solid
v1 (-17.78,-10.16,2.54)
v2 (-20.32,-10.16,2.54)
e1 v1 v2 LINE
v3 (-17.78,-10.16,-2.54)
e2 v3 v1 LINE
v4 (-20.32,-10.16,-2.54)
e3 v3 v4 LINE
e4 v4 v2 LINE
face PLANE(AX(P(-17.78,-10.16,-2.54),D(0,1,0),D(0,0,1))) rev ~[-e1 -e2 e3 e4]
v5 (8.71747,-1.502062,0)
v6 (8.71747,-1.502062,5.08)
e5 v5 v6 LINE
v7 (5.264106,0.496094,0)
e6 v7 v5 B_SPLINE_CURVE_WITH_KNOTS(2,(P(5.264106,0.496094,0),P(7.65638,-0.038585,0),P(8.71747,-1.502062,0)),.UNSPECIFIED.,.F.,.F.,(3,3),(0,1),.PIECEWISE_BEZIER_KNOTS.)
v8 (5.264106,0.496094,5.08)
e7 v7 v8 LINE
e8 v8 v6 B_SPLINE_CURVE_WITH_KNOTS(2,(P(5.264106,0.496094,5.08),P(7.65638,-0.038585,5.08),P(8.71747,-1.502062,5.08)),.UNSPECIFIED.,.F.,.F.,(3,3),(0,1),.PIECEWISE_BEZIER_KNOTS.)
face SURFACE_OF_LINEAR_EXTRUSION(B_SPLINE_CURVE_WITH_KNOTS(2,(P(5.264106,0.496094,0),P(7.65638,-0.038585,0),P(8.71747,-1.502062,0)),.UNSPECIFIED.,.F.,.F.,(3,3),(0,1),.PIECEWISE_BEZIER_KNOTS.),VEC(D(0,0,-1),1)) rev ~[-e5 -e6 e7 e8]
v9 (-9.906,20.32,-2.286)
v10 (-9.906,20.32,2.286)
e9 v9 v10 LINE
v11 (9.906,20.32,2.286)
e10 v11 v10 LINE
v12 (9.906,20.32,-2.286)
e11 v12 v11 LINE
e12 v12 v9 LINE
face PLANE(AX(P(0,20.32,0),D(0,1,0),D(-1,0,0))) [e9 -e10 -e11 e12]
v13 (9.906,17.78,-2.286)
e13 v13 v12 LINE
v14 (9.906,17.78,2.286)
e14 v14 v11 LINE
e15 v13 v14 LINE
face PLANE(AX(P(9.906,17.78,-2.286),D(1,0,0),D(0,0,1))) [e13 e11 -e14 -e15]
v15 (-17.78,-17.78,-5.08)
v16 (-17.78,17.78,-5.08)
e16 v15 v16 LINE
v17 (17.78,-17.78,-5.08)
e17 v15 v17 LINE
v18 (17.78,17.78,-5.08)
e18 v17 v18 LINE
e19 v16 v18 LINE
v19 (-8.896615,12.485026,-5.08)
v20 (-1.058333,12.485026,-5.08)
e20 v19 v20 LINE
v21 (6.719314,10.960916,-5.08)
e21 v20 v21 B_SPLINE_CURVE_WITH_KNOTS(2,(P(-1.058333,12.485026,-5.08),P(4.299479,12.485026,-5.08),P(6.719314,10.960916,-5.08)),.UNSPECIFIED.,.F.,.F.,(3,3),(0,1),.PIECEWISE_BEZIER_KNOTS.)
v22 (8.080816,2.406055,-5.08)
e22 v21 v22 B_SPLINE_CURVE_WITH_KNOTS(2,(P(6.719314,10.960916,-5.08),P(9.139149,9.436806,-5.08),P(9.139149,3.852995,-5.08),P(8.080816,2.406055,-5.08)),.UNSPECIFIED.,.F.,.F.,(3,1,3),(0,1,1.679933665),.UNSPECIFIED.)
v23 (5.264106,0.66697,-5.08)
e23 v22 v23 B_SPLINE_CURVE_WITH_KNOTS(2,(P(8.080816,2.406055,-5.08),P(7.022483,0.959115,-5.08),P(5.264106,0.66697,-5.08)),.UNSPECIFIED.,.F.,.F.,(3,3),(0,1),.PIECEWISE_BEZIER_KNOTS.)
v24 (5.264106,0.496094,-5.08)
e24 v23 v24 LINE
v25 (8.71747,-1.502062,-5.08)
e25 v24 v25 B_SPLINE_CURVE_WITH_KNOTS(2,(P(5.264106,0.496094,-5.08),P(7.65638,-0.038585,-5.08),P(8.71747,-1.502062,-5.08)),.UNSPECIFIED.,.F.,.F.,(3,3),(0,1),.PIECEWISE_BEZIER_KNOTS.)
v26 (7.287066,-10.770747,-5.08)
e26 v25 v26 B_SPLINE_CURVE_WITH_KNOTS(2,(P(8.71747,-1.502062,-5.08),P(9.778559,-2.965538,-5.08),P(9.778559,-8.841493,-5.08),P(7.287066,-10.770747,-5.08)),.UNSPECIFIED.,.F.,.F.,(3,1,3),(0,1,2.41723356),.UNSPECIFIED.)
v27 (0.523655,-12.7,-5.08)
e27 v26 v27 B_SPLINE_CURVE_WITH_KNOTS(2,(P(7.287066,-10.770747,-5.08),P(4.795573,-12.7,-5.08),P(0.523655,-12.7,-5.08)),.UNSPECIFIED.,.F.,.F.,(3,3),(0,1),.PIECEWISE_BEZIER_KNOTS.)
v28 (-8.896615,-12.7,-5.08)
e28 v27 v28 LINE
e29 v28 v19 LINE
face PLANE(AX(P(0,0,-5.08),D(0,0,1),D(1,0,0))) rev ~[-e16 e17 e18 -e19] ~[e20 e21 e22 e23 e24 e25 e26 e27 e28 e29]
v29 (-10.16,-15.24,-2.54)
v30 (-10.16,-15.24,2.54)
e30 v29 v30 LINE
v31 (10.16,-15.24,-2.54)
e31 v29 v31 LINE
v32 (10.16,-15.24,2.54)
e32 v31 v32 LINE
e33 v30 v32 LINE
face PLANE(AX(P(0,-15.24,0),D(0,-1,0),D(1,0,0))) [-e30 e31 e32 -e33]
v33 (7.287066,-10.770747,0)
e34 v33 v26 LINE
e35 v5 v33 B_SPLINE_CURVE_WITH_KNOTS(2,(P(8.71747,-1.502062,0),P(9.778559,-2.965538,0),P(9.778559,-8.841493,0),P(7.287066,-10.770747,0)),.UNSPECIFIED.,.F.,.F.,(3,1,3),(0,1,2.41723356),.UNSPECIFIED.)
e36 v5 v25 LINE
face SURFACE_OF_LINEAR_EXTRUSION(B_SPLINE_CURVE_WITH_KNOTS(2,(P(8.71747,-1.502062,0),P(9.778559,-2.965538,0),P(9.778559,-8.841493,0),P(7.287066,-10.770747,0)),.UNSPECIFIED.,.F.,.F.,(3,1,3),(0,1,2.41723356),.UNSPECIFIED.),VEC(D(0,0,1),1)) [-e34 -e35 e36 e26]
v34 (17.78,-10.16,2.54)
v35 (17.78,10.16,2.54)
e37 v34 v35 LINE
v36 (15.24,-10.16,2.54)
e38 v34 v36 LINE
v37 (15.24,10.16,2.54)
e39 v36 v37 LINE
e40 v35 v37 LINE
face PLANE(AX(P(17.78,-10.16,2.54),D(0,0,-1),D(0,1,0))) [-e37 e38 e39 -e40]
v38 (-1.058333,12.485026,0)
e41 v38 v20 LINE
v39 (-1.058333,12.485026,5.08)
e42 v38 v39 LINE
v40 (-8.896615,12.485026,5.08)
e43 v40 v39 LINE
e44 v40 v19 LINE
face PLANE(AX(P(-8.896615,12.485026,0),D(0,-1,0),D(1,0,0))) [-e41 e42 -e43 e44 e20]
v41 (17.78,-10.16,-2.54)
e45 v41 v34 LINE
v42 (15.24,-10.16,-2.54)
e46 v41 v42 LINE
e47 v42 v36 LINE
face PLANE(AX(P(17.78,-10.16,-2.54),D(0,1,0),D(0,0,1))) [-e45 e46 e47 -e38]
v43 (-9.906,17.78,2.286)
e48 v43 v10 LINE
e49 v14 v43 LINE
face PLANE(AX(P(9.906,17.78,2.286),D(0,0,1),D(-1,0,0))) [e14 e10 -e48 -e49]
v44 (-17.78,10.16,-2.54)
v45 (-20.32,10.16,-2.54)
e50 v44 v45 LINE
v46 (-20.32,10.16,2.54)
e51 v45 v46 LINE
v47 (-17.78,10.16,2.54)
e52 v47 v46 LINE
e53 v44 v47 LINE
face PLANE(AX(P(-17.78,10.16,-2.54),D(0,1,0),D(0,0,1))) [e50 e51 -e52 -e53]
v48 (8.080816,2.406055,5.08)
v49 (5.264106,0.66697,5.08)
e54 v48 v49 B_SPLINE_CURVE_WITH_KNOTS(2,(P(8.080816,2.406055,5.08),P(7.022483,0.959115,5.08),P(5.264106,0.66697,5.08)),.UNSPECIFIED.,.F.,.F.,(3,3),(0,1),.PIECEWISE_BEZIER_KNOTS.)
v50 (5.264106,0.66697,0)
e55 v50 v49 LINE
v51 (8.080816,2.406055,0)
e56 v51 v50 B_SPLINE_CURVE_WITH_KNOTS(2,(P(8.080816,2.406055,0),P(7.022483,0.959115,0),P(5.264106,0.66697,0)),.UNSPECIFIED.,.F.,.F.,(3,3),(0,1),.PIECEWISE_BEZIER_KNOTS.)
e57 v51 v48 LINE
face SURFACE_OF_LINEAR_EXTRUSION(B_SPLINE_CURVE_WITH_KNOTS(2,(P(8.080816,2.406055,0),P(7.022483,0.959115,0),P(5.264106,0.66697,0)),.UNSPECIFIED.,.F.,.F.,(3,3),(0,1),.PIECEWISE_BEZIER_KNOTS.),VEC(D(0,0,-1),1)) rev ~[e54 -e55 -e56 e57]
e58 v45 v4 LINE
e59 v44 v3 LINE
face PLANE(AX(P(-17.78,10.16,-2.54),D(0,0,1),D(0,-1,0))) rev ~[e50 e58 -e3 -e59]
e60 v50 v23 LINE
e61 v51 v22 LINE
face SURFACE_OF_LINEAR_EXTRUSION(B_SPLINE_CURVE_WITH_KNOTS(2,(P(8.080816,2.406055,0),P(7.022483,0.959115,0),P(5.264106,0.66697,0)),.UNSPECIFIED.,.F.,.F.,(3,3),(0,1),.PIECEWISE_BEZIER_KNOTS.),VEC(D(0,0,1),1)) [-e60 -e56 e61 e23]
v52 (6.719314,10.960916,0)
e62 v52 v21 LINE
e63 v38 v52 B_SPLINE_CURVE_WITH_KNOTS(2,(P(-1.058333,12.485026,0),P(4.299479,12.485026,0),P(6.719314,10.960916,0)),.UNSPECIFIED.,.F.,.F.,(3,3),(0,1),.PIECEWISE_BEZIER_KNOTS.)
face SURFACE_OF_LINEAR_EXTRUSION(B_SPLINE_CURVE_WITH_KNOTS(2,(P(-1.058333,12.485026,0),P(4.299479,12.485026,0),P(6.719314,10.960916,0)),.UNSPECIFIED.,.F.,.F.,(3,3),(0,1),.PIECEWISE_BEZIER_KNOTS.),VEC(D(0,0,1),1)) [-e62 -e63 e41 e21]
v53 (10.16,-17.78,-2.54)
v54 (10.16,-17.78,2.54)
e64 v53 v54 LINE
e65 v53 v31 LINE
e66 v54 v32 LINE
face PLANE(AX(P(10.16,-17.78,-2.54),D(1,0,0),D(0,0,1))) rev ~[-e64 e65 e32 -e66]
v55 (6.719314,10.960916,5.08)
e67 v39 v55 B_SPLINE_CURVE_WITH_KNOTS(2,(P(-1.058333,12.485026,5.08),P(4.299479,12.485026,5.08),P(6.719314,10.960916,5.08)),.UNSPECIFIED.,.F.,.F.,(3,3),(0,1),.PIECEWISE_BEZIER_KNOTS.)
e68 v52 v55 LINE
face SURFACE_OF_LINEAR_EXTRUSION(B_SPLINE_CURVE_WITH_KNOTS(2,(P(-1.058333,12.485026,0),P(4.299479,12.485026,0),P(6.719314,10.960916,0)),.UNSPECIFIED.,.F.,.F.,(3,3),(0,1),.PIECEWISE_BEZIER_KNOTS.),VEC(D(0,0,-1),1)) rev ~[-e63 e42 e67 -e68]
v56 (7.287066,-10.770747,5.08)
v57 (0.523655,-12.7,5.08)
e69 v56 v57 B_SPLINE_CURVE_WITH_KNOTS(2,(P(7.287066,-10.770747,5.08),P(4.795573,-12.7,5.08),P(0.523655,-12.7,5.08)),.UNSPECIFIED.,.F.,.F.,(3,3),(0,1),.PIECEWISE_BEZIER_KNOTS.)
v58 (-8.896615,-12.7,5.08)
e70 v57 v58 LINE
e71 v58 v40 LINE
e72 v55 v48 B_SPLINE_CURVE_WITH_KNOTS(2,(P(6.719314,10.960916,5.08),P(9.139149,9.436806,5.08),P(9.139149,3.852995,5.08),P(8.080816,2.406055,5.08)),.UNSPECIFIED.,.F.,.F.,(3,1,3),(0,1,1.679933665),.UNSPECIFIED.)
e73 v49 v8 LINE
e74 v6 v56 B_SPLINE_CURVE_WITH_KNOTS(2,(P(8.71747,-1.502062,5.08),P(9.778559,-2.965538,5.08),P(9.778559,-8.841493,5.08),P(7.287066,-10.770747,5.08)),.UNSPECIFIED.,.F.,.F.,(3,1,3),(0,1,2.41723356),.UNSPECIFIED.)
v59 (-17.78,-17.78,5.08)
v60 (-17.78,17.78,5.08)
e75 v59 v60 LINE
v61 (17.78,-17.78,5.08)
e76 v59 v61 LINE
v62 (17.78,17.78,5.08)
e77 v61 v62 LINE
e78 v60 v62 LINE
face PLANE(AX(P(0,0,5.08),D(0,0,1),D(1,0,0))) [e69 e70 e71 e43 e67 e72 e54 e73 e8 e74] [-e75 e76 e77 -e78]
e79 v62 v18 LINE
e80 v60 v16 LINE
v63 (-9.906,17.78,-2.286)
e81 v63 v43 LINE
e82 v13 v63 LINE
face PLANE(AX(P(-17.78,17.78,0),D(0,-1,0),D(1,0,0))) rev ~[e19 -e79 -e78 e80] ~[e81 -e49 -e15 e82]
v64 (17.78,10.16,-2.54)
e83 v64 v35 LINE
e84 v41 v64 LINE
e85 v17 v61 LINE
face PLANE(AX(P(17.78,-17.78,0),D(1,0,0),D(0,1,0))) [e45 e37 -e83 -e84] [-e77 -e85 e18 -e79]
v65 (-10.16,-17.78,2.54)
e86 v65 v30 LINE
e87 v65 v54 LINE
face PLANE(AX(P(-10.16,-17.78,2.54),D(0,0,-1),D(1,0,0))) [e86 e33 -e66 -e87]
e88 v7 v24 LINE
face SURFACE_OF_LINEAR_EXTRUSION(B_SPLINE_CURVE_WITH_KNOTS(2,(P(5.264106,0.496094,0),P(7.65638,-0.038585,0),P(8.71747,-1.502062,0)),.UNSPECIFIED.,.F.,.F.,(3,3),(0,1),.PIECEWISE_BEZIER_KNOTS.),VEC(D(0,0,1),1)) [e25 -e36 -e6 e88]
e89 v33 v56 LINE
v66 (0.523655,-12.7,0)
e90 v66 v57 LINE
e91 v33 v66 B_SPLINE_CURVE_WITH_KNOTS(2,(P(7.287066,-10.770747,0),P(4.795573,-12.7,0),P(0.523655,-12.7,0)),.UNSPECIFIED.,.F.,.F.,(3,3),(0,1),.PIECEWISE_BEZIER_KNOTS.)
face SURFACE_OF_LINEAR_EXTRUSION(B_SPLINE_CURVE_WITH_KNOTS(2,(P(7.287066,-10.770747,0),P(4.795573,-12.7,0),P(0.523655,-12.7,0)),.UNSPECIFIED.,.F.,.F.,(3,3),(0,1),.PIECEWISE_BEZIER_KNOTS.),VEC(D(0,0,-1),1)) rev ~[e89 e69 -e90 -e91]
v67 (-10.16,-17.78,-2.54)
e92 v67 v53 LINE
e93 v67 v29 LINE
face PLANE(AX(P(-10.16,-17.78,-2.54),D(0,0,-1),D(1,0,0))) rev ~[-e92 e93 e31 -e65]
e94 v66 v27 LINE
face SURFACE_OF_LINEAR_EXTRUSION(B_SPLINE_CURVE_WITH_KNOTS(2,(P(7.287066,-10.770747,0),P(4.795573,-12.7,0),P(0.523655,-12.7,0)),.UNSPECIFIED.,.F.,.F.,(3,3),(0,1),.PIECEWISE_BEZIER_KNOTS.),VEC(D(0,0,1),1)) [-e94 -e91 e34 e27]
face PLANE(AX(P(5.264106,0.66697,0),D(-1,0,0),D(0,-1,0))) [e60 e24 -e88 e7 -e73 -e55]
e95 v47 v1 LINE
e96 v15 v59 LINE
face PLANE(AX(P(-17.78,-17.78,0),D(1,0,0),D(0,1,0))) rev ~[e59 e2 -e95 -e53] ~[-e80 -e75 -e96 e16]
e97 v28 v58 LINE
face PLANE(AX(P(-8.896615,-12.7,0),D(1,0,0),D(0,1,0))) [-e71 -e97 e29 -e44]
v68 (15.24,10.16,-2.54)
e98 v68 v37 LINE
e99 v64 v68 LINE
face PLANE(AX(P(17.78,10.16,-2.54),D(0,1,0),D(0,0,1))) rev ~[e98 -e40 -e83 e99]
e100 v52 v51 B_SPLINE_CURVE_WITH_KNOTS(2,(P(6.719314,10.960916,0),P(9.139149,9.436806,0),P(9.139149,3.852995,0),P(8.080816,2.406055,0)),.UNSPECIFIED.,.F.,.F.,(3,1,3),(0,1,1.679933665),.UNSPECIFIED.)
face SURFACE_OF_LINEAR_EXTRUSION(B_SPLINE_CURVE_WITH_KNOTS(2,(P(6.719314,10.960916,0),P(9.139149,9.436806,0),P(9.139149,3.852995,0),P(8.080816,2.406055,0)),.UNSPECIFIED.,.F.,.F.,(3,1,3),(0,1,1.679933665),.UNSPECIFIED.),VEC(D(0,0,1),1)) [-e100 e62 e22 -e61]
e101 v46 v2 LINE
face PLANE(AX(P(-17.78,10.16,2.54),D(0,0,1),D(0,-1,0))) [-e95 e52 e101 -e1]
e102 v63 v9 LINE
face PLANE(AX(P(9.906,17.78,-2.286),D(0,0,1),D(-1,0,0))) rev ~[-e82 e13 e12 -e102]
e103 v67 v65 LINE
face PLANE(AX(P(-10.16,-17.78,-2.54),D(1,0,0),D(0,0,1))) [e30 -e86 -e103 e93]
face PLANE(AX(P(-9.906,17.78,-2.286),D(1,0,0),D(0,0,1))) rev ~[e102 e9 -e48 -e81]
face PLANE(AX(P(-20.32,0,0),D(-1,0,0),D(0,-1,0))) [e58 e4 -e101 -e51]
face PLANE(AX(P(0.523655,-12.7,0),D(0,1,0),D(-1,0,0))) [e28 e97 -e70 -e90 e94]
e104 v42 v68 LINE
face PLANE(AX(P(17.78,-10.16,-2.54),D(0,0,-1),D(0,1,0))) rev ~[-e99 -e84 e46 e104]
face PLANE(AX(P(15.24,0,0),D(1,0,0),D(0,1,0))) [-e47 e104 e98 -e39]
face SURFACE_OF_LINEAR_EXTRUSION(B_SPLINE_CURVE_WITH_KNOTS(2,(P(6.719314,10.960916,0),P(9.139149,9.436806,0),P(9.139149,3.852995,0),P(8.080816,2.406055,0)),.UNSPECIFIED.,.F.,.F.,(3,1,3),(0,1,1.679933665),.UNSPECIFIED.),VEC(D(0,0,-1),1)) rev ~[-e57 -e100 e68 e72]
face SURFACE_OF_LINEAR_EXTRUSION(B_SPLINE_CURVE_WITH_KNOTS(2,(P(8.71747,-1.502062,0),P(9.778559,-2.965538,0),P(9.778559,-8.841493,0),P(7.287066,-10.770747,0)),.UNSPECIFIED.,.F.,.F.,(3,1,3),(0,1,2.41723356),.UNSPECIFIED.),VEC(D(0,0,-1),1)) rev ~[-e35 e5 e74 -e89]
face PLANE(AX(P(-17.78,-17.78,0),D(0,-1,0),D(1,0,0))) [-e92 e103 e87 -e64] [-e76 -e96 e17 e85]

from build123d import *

# Parameters (mm, degrees)
F0_W     = 35.56
F0_H     = 35.56
F1_DEPTH = 5.08
F2_W     = 19.812
F2_H     = 4.572
F3_DEPTH = 2.54
F4_W     = 20.32
F4_H     = 5.08
F5_DEPTH = 2.54
F6_W     = 20.32
F6_H     = 5.08
F7_DEPTH = 2.54
F8_W     = 20.32
F8_H     = 5.08
F9_DEPTH = 2.54


with BuildPart() as f1:
    # F0 (on Top) → F1 (new body, symmetric)
    with BuildSketch(Plane.XY):
        Rectangle(F0_W, F0_H)
        with BuildLine():
            Line((-8.8966145833, -12.7), (-8.8966145833, 12.4850260417))
            Line((-8.8966145833, 12.4850260417), (-1.0583333333, 12.4850260417))
            add(Edge.make_bspline(
                [(-1.0583333333, 12.4850260417), (4.2994791667, 12.4850260417), (6.7193142361, 10.9609157986)],
                knots=[0, 0, 0, 1, 1, 1], degree=2))
            add(Edge.make_bspline(
                [(6.7193142361, 10.9609157986), (9.1391493056, 9.4368055556), (9.1391493056, 6.1129774306)],
                knots=[0, 0, 0, 1, 1, 1], degree=2))
            add(Edge.make_bspline(
                [(9.1391493056, 6.1129774306), (9.1391493056, 3.8529947917), (8.0808159722, 2.4060546875)],
                knots=[0, 0, 0, 1, 1, 1], degree=2))
            add(Edge.make_bspline(
                [(8.0808159722, 2.4060546875), (7.0224826389, 0.9591145833), (5.2641059028, 0.6669704861)],
                knots=[0, 0, 0, 1, 1, 1], degree=2))
            Line((5.2641059028, 0.6669704861), (5.2641059028, 0.49609375))
            add(Edge.make_bspline(
                [(5.2641059028, 0.49609375), (7.6563802083, -0.0385850694), (8.7174696181, -1.5020616319)],
                knots=[0, 0, 0, 1, 1, 1], degree=2))
            add(Edge.make_bspline(
                [(8.7174696181, -1.5020616319), (9.7785590278, -2.9655381944), (9.7785590278, -5.3963975694)],
                knots=[0, 0, 0, 1, 1, 1], degree=2))
            add(Edge.make_bspline(
                [(9.7785590278, -5.3963975694), (9.7785590278, -8.8414930556), (7.2870659722, -10.7707465278)],
                knots=[0, 0, 0, 1, 1, 1], degree=2))
            add(Edge.make_bspline(
                [(7.2870659722, -10.7707465278), (4.7955729167, -12.7), (0.5236545139, -12.7)],
                knots=[0, 0, 0, 1, 1, 1], degree=2))
            Line((0.5236545139, -12.7), (-8.8966145833, -12.7))
        make_face(mode=Mode.SUBTRACT)
    extrude(amount=F1_DEPTH, both=True)

    # F2 (on face) → F3 (join)
    with BuildSketch(Plane(origin=(0, 17.78, 0), x_dir=(-1, 0, 0), z_dir=(0, 1, 0))):
        Rectangle(F2_W, F2_H)
    extrude(amount=F3_DEPTH)

    # F4 (on face) → F5 (join)
    with BuildSketch(Plane(origin=(-17.78, 0, 0), x_dir=(0, -1, 0), z_dir=(-1, 0, 0))):
        Rectangle(F4_W, F4_H)
    extrude(amount=F5_DEPTH)

    # F6 (on face) → F7 (cut)
    with BuildSketch(Plane.XZ.offset(17.78)):
        Rectangle(F6_W, F6_H)
    extrude(amount=-F7_DEPTH, mode=Mode.SUBTRACT)

    # F8 (on face) → F9 (cut)
    with BuildSketch(Plane.YZ.offset(17.78)):
        Rectangle(F8_W, F8_H)
    extrude(amount=-F9_DEPTH, mode=Mode.SUBTRACT)


solid = f1.part
